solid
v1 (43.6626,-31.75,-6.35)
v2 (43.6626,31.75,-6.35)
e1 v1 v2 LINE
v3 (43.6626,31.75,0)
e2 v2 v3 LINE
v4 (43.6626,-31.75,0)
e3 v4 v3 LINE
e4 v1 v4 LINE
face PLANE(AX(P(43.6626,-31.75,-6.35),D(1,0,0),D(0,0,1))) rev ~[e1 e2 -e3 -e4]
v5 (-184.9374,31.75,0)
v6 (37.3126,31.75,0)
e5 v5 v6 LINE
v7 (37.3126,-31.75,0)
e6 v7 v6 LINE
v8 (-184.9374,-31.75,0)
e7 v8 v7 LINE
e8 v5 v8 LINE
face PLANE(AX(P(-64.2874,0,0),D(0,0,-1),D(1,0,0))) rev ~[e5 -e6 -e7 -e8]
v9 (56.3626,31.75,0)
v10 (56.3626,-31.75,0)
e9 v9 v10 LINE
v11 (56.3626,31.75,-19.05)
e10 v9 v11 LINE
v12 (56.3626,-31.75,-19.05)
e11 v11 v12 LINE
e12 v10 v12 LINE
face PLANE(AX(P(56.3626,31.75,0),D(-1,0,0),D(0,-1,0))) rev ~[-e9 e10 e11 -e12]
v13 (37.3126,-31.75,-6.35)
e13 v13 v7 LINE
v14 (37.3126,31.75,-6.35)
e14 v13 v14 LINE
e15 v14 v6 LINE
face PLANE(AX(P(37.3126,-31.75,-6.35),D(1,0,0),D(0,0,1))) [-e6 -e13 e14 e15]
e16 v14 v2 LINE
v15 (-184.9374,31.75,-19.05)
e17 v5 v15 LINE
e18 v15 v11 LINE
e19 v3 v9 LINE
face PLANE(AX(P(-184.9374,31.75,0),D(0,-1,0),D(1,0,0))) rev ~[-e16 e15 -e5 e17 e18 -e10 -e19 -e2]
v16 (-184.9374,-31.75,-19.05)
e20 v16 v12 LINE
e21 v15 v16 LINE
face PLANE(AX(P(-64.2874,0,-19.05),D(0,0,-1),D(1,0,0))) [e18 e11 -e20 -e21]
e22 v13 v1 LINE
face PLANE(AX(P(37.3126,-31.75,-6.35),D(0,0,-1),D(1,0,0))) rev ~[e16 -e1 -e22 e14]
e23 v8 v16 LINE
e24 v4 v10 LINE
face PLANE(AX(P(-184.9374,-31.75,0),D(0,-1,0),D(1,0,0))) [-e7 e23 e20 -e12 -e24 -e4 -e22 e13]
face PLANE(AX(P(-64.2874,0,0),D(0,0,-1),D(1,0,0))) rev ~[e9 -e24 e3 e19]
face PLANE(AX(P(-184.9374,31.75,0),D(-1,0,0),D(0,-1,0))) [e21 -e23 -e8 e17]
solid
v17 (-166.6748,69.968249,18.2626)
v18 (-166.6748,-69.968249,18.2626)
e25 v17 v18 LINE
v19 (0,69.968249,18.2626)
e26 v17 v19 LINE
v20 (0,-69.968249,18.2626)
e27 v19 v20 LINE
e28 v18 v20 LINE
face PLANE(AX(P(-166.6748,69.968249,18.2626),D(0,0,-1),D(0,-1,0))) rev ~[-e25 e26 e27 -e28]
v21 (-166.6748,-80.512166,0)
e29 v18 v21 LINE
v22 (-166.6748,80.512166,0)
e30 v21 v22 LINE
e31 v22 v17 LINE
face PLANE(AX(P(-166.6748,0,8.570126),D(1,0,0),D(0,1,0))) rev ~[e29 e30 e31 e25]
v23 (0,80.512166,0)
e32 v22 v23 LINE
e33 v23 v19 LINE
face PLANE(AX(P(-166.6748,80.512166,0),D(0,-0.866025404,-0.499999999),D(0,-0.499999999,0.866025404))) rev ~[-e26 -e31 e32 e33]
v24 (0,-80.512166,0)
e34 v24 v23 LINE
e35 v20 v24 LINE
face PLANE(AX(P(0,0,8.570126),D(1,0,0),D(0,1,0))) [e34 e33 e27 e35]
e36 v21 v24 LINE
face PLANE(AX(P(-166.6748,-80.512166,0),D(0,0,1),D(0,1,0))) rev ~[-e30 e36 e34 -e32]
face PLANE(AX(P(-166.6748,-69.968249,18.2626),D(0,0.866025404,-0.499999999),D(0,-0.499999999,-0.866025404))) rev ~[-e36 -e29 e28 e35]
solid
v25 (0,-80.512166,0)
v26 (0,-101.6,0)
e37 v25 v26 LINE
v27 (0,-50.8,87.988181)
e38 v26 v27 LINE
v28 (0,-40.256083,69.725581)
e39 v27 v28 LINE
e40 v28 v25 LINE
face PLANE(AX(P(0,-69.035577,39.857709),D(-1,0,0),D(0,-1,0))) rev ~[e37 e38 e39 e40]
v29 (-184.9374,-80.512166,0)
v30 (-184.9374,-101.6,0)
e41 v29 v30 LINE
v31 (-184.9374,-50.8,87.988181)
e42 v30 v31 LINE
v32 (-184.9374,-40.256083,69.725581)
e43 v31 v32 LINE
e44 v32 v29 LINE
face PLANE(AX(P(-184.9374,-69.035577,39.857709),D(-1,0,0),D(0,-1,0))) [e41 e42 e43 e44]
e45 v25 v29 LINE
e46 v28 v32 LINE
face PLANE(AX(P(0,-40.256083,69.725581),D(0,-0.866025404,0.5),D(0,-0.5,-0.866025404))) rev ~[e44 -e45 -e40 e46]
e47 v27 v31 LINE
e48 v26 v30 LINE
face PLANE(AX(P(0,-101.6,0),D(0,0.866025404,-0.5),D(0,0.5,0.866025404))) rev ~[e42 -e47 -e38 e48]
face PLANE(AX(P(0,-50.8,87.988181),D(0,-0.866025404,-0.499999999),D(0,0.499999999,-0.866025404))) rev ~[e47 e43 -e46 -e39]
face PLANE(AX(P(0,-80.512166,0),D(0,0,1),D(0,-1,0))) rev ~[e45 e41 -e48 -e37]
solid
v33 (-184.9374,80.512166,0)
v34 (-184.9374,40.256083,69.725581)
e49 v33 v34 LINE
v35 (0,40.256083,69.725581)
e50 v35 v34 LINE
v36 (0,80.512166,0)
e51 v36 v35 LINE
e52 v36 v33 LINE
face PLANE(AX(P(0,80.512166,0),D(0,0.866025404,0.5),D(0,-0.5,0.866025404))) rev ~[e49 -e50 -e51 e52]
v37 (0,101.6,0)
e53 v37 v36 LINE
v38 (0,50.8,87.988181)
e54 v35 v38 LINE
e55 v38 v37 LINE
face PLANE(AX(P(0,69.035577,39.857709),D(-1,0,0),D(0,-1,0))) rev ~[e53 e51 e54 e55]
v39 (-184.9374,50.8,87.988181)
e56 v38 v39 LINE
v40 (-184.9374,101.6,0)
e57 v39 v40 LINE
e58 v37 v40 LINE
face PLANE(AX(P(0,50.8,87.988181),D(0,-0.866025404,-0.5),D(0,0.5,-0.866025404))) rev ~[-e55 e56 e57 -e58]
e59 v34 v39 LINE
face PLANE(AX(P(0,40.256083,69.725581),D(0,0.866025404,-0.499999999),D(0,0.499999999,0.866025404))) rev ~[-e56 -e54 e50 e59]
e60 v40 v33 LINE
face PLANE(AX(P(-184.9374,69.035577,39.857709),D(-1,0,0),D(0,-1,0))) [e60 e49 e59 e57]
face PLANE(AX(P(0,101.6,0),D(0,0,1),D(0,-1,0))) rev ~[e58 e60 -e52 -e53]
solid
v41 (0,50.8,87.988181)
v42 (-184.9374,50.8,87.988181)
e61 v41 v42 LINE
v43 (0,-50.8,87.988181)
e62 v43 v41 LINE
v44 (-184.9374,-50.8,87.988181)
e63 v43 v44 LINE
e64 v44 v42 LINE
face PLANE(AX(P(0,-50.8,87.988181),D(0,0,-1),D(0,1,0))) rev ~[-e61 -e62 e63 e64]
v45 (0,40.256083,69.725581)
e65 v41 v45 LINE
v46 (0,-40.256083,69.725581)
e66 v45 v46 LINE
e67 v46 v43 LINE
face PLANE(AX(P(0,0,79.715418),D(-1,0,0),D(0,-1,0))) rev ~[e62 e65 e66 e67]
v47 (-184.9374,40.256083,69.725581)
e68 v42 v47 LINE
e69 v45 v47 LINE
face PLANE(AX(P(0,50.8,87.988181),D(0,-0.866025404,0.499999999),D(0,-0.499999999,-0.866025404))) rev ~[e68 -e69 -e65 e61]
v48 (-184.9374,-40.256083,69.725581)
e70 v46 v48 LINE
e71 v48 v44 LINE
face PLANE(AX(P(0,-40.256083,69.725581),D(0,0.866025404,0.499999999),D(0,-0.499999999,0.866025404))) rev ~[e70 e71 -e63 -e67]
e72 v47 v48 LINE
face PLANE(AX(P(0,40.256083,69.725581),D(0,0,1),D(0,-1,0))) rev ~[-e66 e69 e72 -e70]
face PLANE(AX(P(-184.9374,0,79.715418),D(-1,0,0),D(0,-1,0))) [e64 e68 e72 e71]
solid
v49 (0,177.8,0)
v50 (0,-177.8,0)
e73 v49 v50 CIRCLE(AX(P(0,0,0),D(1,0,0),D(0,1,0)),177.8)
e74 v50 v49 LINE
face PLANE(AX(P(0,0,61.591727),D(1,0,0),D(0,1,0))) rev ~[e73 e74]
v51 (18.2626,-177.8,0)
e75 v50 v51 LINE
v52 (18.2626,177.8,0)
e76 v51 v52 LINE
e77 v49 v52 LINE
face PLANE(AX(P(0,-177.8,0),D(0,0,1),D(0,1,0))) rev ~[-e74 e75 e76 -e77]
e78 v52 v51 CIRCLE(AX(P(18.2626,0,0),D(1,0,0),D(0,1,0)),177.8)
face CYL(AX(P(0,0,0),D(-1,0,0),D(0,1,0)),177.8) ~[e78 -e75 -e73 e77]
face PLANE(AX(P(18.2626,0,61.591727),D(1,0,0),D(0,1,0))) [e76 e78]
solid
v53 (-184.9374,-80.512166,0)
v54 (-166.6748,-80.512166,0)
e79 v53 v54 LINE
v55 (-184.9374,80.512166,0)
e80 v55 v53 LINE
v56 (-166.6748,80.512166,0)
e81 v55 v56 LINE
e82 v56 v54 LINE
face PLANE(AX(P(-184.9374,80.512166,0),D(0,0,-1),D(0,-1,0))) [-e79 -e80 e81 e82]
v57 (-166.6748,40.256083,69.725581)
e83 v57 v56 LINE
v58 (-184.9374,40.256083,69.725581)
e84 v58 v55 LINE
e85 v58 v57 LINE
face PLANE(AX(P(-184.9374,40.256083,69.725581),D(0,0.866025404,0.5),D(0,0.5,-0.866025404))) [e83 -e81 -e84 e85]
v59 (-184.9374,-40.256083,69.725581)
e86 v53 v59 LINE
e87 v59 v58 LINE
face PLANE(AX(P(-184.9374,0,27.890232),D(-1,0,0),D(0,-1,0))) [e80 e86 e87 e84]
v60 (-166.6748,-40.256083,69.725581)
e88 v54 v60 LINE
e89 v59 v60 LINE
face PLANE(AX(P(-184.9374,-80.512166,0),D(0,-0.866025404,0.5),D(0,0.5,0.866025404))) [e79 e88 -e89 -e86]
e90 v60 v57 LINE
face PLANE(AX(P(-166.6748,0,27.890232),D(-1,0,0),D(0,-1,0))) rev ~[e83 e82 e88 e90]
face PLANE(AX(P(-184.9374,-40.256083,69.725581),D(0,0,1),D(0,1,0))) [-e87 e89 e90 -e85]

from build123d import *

# Parameters (mm, degrees)
F1_DEPTH  = 18.2626
F4_DEPTH  = 184.9374
F5_DEPTH  = 184.9374
F7_DEPTH  = 18.2626
F9_DEPTH  = 166.6748
F10_W     = 241.3
F10_H     = 63.5
F11_DEPTH = 19.05
F12_W     = 6.35
F12_H     = 6.35
F13_DEPTH = 209.551


with BuildPart() as f1:
    # F0 (on Right) → F1 (new body)
    with BuildSketch(Plane.YZ):
        with BuildLine():
            Line((-177.8, 0), (177.8, 0))
            ThreePointArc((177.8, 0), (0, 177.8), (-177.8, 0))
        make_face()
    extrude(amount=F1_DEPTH)


with BuildPart() as f4:
    # F2 (on face) → F4 (new body, through all)
    with BuildSketch(Plane(origin=(0, 0, 0), x_dir=(0, -1, 0), z_dir=(-1, 0, 0))):
        Polygon((-80.512166, 0), (-40.256083, 69.725581), (-50.8, 87.988181), (-101.6, 0), align=None)
        Polygon((40.256083, 69.725581), (80.512166, 0), (101.6, 0), (50.8, 87.988181), align=None)
    extrude(amount=F4_DEPTH)


with BuildPart() as f5:
    # F2 (on face) → F5 (new body, through all)
    with BuildSketch(Plane(origin=(0, 0, 0), x_dir=(0, -1, 0), z_dir=(-1, 0, 0))):
        Polygon((-50.8, 87.988181), (-40.256083, 69.725581), (40.256083, 69.725581), (50.8, 87.988181), align=None)
    extrude(amount=F5_DEPTH)


with BuildPart() as f7:
    # F6 (on face) → F7 (new body)
    with BuildSketch(Plane(origin=(-184.9374, 0, 0), x_dir=(0, -1, 0), z_dir=(-1, 0, 0))):
        Polygon((40.256083, 69.725581), (-40.256083, 69.725581), (-80.512166, 0), (80.512166, 0), align=None)
    extrude(amount=-F7_DEPTH)


with BuildPart() as f9:
    # F8 (on face) → F9 (new body, through all)
    with BuildSketch(Plane.YZ.offset(-166.6748)):
        Polygon((-69.968249, 18.2626), (-80.512166, 0), (80.512166, 0), (69.968249, 18.2626), align=None)
    extrude(amount=F9_DEPTH)


with BuildPart() as f11:
    # F10 (on face) → F11 (new body)
    with BuildSketch(Plane(origin=(0, 0, 0), x_dir=(1, 0, 0), z_dir=(0, 0, -1))):
        with Locations((-64.2874, 0)):
            Rectangle(F10_W, F10_H)
    extrude(amount=F11_DEPTH)

    # F12 (on face) → F13 (cut, through all)
    with BuildSketch(Plane.XZ.offset(31.75)):
        with Locations((40.4876, -3.175)):
            Rectangle(F12_W, F12_H)
    extrude(amount=-F13_DEPTH, mode=Mode.SUBTRACT)


solid = Compound([f1.part, f4.part, f5.part, f7.part, f9.part, f11.part])
